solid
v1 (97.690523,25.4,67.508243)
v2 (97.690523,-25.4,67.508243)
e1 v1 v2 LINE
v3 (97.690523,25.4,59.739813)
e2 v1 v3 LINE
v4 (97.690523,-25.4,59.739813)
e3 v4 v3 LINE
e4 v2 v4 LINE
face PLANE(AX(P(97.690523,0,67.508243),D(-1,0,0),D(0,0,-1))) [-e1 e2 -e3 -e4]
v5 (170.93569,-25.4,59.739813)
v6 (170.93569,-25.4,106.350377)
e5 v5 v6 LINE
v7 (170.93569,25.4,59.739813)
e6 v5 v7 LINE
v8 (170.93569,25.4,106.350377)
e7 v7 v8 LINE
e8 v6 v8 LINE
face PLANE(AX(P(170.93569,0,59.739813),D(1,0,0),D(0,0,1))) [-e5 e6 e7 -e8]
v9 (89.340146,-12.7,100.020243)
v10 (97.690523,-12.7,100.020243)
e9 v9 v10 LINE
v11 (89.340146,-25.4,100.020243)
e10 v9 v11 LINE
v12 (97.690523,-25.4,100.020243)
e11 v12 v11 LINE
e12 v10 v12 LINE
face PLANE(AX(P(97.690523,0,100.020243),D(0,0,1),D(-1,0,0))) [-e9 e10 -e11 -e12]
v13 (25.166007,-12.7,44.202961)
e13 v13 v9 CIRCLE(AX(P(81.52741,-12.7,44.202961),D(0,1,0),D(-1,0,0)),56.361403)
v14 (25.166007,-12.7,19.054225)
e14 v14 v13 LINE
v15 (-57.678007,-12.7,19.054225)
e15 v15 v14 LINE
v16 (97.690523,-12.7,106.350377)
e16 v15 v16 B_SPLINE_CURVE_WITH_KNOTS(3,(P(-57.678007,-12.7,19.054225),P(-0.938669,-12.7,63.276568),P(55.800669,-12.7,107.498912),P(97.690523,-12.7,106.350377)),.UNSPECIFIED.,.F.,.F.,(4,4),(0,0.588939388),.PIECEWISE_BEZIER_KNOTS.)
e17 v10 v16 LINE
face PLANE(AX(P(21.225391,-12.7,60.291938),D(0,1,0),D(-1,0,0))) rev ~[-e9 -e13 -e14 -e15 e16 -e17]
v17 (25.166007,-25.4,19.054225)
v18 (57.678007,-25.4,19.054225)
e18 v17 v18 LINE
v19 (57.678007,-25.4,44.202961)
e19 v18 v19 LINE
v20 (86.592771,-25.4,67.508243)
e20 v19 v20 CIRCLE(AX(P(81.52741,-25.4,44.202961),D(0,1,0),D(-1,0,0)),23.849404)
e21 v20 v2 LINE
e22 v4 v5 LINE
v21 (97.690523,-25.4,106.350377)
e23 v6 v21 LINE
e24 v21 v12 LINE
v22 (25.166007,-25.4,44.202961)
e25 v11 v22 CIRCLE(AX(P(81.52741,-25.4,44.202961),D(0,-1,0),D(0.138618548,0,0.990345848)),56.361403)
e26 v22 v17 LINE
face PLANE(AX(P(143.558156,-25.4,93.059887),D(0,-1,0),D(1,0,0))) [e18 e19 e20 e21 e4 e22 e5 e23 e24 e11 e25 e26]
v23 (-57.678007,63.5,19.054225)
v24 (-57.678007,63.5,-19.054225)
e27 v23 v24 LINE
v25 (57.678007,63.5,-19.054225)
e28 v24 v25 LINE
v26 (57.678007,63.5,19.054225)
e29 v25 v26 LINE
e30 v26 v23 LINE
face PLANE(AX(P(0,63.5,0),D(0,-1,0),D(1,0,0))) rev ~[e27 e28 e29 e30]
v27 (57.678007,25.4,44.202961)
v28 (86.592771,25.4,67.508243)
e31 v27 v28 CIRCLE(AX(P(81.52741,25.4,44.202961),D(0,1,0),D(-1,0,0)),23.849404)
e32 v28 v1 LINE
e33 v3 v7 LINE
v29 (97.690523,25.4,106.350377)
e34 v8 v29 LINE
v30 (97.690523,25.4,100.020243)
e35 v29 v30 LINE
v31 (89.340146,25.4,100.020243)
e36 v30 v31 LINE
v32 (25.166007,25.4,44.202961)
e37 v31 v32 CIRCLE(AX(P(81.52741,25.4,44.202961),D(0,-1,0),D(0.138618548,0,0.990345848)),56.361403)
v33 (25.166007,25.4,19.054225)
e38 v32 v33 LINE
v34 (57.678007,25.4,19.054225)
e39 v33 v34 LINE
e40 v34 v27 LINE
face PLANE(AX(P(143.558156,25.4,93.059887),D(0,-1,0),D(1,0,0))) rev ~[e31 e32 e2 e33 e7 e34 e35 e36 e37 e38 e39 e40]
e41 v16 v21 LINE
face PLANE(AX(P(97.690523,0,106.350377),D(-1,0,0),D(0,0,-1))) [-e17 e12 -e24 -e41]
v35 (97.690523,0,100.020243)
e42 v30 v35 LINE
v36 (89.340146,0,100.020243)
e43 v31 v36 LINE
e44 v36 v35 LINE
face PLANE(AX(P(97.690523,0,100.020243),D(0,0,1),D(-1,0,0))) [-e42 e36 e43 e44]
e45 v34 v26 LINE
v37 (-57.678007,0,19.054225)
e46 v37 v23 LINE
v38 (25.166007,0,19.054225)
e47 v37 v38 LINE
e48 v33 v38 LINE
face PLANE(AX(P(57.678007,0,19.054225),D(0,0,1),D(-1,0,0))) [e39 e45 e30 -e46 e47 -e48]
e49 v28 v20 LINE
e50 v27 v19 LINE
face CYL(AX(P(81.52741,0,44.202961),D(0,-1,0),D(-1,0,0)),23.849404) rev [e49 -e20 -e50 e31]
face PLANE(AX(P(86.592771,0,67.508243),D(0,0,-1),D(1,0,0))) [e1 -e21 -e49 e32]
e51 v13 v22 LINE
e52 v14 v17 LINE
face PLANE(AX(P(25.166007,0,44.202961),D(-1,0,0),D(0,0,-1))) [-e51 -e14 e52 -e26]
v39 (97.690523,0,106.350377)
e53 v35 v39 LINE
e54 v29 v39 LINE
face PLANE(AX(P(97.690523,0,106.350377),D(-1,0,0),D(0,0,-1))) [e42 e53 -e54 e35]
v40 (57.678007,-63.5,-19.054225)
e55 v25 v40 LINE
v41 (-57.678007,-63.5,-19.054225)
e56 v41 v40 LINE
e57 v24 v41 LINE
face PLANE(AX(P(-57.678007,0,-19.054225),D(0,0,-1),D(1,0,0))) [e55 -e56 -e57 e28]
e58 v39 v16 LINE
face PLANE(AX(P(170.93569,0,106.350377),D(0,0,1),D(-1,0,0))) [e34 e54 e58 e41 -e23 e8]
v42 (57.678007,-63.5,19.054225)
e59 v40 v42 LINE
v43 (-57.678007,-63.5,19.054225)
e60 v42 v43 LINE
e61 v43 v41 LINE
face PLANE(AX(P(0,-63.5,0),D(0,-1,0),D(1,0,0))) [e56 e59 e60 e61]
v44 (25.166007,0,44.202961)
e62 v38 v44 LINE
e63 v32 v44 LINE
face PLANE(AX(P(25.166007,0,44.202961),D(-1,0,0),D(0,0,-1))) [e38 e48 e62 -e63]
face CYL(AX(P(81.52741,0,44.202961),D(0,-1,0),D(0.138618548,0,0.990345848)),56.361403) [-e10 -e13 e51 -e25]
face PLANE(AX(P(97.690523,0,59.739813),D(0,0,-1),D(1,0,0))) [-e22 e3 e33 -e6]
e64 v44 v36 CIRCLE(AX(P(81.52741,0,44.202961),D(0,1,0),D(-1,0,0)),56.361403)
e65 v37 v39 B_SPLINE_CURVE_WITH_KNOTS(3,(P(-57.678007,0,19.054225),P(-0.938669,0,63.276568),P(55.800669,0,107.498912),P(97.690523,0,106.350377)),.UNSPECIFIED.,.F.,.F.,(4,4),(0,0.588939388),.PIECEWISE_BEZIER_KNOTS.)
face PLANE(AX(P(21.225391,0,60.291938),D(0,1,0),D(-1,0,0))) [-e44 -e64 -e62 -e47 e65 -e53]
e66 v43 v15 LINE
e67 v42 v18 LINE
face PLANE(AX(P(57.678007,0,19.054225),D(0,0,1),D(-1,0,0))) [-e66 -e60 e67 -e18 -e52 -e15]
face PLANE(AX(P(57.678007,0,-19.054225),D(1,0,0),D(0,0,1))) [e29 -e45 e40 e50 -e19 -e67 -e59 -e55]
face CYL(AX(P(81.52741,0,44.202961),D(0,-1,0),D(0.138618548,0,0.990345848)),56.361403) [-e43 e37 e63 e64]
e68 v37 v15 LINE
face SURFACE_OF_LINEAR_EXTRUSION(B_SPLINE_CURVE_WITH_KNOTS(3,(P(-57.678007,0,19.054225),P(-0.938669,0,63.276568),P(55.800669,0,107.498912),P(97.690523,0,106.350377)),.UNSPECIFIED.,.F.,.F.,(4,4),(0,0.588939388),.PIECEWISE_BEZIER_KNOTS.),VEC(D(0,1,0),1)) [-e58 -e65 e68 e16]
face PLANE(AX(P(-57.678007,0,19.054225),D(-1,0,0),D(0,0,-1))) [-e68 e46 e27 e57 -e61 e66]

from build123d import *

# Parameters (mm, degrees)
F1_DEPTH = 63.5
F2_DEPTH = 25.4
F3_DEPTH = 12.7


with BuildPart() as f1:
    # F0 (on Front) → F1 (new body, symmetric)
    with BuildSketch(Plane.XZ):
        Polygon((-57.6780065894, 19.0542247146), (-57.6780065894, -19.0542247146), (57.6780065894, -19.0542247146), (57.6780065894, 19.0542247146), (25.1660067588, 19.0542247146), align=None)
    extrude(amount=F1_DEPTH, both=True)

    # F0 (on Front) → F2 (join, symmetric)
    with BuildSketch(Plane.XZ):
        with BuildLine():
            Line((170.935690403, 106.350377202), (97.6905226707, 106.350377202))
            add(Edge.make_bspline(
                [(97.6905226707, 106.350377202), (126.9282830626, 105.5487369377), (148.9319867328, 82.6442750732), (170.935690403, 59.7398132086)],
                knots=[0.5889393883, 0.5889393883, 0.5889393883, 0.5889393883, 1, 1, 1, 1], degree=3))
            Line((170.935690403, 59.7398132086), (170.935690403, 106.350377202))
        make_face()
        with BuildLine():
            add(Edge.make_bspline(
                [(97.6905226707, 106.350377202), (126.9282830626, 105.5487369377), (148.9319867328, 82.6442750732), (170.935690403, 59.7398132086)],
                knots=[0.5889393883, 0.5889393883, 0.5889393883, 0.5889393883, 1, 1, 1, 1], degree=3))
            Line((97.6905226707, 106.350377202), (97.6905226707, 100.020242855))
            Line((97.6905226707, 100.020242855), (97.6905226707, 67.5082430243))
            Line((97.6905226707, 67.5082430243), (97.6905226707, 59.7398132086))
            Line((97.6905226707, 59.7398132086), (170.935690403, 59.7398132086))
        make_face()
        with BuildLine():
            Line((25.1660067588, 19.0542247146), (57.6780065894, 19.0542247146))
            Line((57.6780065894, 19.0542247146), (57.6780065894, 44.2029610276))
            ThreePointArc((57.6780065894, 44.2029610276), (66.5609775012, 62.7717505439), (86.5927711129, 67.5082430243))
            Line((86.5927711129, 67.5082430243), (97.6905226707, 67.5082430243))
            Line((97.6905226707, 67.5082430243), (97.6905226707, 100.020242855))
            Line((97.6905226707, 100.020242855), (89.3401460729, 100.020242855))
            ThreePointArc((89.3401460729, 100.020242855), (44.5390942152, 86.7290974242), (25.1660067588, 44.2029610276))
            Line((25.1660067588, 44.2029610276), (25.1660067588, 19.0542247146))
        make_face()
    extrude(amount=F2_DEPTH, both=True)

    # F0 (on Front) → F3 (join)
    with BuildSketch(Plane.XZ):
        with BuildLine():
            add(Edge.make_bspline(
                [(-57.6780065894, 19.0542247146), (-0.9386686045, 63.2765684914), (55.8006693804, 107.4989122681), (97.6905226707, 106.350377202)],
                knots=[0, 0, 0, 0, 0.5889393883, 0.5889393883, 0.5889393883, 0.5889393883], degree=3))
            Line((-57.6780065894, 19.0542247146), (25.1660067588, 19.0542247146))
            Line((25.1660067588, 19.0542247146), (25.1660067588, 44.2029610276))
            ThreePointArc((25.1660067588, 44.2029610276), (44.5390942152, 86.7290974242), (89.3401460729, 100.020242855))
            Line((89.3401460729, 100.020242855), (97.6905226707, 100.020242855))
            Line((97.6905226707, 100.020242855), (97.6905226707, 106.350377202))
        make_face()
    extrude(amount=F3_DEPTH)


solid = f1.part
